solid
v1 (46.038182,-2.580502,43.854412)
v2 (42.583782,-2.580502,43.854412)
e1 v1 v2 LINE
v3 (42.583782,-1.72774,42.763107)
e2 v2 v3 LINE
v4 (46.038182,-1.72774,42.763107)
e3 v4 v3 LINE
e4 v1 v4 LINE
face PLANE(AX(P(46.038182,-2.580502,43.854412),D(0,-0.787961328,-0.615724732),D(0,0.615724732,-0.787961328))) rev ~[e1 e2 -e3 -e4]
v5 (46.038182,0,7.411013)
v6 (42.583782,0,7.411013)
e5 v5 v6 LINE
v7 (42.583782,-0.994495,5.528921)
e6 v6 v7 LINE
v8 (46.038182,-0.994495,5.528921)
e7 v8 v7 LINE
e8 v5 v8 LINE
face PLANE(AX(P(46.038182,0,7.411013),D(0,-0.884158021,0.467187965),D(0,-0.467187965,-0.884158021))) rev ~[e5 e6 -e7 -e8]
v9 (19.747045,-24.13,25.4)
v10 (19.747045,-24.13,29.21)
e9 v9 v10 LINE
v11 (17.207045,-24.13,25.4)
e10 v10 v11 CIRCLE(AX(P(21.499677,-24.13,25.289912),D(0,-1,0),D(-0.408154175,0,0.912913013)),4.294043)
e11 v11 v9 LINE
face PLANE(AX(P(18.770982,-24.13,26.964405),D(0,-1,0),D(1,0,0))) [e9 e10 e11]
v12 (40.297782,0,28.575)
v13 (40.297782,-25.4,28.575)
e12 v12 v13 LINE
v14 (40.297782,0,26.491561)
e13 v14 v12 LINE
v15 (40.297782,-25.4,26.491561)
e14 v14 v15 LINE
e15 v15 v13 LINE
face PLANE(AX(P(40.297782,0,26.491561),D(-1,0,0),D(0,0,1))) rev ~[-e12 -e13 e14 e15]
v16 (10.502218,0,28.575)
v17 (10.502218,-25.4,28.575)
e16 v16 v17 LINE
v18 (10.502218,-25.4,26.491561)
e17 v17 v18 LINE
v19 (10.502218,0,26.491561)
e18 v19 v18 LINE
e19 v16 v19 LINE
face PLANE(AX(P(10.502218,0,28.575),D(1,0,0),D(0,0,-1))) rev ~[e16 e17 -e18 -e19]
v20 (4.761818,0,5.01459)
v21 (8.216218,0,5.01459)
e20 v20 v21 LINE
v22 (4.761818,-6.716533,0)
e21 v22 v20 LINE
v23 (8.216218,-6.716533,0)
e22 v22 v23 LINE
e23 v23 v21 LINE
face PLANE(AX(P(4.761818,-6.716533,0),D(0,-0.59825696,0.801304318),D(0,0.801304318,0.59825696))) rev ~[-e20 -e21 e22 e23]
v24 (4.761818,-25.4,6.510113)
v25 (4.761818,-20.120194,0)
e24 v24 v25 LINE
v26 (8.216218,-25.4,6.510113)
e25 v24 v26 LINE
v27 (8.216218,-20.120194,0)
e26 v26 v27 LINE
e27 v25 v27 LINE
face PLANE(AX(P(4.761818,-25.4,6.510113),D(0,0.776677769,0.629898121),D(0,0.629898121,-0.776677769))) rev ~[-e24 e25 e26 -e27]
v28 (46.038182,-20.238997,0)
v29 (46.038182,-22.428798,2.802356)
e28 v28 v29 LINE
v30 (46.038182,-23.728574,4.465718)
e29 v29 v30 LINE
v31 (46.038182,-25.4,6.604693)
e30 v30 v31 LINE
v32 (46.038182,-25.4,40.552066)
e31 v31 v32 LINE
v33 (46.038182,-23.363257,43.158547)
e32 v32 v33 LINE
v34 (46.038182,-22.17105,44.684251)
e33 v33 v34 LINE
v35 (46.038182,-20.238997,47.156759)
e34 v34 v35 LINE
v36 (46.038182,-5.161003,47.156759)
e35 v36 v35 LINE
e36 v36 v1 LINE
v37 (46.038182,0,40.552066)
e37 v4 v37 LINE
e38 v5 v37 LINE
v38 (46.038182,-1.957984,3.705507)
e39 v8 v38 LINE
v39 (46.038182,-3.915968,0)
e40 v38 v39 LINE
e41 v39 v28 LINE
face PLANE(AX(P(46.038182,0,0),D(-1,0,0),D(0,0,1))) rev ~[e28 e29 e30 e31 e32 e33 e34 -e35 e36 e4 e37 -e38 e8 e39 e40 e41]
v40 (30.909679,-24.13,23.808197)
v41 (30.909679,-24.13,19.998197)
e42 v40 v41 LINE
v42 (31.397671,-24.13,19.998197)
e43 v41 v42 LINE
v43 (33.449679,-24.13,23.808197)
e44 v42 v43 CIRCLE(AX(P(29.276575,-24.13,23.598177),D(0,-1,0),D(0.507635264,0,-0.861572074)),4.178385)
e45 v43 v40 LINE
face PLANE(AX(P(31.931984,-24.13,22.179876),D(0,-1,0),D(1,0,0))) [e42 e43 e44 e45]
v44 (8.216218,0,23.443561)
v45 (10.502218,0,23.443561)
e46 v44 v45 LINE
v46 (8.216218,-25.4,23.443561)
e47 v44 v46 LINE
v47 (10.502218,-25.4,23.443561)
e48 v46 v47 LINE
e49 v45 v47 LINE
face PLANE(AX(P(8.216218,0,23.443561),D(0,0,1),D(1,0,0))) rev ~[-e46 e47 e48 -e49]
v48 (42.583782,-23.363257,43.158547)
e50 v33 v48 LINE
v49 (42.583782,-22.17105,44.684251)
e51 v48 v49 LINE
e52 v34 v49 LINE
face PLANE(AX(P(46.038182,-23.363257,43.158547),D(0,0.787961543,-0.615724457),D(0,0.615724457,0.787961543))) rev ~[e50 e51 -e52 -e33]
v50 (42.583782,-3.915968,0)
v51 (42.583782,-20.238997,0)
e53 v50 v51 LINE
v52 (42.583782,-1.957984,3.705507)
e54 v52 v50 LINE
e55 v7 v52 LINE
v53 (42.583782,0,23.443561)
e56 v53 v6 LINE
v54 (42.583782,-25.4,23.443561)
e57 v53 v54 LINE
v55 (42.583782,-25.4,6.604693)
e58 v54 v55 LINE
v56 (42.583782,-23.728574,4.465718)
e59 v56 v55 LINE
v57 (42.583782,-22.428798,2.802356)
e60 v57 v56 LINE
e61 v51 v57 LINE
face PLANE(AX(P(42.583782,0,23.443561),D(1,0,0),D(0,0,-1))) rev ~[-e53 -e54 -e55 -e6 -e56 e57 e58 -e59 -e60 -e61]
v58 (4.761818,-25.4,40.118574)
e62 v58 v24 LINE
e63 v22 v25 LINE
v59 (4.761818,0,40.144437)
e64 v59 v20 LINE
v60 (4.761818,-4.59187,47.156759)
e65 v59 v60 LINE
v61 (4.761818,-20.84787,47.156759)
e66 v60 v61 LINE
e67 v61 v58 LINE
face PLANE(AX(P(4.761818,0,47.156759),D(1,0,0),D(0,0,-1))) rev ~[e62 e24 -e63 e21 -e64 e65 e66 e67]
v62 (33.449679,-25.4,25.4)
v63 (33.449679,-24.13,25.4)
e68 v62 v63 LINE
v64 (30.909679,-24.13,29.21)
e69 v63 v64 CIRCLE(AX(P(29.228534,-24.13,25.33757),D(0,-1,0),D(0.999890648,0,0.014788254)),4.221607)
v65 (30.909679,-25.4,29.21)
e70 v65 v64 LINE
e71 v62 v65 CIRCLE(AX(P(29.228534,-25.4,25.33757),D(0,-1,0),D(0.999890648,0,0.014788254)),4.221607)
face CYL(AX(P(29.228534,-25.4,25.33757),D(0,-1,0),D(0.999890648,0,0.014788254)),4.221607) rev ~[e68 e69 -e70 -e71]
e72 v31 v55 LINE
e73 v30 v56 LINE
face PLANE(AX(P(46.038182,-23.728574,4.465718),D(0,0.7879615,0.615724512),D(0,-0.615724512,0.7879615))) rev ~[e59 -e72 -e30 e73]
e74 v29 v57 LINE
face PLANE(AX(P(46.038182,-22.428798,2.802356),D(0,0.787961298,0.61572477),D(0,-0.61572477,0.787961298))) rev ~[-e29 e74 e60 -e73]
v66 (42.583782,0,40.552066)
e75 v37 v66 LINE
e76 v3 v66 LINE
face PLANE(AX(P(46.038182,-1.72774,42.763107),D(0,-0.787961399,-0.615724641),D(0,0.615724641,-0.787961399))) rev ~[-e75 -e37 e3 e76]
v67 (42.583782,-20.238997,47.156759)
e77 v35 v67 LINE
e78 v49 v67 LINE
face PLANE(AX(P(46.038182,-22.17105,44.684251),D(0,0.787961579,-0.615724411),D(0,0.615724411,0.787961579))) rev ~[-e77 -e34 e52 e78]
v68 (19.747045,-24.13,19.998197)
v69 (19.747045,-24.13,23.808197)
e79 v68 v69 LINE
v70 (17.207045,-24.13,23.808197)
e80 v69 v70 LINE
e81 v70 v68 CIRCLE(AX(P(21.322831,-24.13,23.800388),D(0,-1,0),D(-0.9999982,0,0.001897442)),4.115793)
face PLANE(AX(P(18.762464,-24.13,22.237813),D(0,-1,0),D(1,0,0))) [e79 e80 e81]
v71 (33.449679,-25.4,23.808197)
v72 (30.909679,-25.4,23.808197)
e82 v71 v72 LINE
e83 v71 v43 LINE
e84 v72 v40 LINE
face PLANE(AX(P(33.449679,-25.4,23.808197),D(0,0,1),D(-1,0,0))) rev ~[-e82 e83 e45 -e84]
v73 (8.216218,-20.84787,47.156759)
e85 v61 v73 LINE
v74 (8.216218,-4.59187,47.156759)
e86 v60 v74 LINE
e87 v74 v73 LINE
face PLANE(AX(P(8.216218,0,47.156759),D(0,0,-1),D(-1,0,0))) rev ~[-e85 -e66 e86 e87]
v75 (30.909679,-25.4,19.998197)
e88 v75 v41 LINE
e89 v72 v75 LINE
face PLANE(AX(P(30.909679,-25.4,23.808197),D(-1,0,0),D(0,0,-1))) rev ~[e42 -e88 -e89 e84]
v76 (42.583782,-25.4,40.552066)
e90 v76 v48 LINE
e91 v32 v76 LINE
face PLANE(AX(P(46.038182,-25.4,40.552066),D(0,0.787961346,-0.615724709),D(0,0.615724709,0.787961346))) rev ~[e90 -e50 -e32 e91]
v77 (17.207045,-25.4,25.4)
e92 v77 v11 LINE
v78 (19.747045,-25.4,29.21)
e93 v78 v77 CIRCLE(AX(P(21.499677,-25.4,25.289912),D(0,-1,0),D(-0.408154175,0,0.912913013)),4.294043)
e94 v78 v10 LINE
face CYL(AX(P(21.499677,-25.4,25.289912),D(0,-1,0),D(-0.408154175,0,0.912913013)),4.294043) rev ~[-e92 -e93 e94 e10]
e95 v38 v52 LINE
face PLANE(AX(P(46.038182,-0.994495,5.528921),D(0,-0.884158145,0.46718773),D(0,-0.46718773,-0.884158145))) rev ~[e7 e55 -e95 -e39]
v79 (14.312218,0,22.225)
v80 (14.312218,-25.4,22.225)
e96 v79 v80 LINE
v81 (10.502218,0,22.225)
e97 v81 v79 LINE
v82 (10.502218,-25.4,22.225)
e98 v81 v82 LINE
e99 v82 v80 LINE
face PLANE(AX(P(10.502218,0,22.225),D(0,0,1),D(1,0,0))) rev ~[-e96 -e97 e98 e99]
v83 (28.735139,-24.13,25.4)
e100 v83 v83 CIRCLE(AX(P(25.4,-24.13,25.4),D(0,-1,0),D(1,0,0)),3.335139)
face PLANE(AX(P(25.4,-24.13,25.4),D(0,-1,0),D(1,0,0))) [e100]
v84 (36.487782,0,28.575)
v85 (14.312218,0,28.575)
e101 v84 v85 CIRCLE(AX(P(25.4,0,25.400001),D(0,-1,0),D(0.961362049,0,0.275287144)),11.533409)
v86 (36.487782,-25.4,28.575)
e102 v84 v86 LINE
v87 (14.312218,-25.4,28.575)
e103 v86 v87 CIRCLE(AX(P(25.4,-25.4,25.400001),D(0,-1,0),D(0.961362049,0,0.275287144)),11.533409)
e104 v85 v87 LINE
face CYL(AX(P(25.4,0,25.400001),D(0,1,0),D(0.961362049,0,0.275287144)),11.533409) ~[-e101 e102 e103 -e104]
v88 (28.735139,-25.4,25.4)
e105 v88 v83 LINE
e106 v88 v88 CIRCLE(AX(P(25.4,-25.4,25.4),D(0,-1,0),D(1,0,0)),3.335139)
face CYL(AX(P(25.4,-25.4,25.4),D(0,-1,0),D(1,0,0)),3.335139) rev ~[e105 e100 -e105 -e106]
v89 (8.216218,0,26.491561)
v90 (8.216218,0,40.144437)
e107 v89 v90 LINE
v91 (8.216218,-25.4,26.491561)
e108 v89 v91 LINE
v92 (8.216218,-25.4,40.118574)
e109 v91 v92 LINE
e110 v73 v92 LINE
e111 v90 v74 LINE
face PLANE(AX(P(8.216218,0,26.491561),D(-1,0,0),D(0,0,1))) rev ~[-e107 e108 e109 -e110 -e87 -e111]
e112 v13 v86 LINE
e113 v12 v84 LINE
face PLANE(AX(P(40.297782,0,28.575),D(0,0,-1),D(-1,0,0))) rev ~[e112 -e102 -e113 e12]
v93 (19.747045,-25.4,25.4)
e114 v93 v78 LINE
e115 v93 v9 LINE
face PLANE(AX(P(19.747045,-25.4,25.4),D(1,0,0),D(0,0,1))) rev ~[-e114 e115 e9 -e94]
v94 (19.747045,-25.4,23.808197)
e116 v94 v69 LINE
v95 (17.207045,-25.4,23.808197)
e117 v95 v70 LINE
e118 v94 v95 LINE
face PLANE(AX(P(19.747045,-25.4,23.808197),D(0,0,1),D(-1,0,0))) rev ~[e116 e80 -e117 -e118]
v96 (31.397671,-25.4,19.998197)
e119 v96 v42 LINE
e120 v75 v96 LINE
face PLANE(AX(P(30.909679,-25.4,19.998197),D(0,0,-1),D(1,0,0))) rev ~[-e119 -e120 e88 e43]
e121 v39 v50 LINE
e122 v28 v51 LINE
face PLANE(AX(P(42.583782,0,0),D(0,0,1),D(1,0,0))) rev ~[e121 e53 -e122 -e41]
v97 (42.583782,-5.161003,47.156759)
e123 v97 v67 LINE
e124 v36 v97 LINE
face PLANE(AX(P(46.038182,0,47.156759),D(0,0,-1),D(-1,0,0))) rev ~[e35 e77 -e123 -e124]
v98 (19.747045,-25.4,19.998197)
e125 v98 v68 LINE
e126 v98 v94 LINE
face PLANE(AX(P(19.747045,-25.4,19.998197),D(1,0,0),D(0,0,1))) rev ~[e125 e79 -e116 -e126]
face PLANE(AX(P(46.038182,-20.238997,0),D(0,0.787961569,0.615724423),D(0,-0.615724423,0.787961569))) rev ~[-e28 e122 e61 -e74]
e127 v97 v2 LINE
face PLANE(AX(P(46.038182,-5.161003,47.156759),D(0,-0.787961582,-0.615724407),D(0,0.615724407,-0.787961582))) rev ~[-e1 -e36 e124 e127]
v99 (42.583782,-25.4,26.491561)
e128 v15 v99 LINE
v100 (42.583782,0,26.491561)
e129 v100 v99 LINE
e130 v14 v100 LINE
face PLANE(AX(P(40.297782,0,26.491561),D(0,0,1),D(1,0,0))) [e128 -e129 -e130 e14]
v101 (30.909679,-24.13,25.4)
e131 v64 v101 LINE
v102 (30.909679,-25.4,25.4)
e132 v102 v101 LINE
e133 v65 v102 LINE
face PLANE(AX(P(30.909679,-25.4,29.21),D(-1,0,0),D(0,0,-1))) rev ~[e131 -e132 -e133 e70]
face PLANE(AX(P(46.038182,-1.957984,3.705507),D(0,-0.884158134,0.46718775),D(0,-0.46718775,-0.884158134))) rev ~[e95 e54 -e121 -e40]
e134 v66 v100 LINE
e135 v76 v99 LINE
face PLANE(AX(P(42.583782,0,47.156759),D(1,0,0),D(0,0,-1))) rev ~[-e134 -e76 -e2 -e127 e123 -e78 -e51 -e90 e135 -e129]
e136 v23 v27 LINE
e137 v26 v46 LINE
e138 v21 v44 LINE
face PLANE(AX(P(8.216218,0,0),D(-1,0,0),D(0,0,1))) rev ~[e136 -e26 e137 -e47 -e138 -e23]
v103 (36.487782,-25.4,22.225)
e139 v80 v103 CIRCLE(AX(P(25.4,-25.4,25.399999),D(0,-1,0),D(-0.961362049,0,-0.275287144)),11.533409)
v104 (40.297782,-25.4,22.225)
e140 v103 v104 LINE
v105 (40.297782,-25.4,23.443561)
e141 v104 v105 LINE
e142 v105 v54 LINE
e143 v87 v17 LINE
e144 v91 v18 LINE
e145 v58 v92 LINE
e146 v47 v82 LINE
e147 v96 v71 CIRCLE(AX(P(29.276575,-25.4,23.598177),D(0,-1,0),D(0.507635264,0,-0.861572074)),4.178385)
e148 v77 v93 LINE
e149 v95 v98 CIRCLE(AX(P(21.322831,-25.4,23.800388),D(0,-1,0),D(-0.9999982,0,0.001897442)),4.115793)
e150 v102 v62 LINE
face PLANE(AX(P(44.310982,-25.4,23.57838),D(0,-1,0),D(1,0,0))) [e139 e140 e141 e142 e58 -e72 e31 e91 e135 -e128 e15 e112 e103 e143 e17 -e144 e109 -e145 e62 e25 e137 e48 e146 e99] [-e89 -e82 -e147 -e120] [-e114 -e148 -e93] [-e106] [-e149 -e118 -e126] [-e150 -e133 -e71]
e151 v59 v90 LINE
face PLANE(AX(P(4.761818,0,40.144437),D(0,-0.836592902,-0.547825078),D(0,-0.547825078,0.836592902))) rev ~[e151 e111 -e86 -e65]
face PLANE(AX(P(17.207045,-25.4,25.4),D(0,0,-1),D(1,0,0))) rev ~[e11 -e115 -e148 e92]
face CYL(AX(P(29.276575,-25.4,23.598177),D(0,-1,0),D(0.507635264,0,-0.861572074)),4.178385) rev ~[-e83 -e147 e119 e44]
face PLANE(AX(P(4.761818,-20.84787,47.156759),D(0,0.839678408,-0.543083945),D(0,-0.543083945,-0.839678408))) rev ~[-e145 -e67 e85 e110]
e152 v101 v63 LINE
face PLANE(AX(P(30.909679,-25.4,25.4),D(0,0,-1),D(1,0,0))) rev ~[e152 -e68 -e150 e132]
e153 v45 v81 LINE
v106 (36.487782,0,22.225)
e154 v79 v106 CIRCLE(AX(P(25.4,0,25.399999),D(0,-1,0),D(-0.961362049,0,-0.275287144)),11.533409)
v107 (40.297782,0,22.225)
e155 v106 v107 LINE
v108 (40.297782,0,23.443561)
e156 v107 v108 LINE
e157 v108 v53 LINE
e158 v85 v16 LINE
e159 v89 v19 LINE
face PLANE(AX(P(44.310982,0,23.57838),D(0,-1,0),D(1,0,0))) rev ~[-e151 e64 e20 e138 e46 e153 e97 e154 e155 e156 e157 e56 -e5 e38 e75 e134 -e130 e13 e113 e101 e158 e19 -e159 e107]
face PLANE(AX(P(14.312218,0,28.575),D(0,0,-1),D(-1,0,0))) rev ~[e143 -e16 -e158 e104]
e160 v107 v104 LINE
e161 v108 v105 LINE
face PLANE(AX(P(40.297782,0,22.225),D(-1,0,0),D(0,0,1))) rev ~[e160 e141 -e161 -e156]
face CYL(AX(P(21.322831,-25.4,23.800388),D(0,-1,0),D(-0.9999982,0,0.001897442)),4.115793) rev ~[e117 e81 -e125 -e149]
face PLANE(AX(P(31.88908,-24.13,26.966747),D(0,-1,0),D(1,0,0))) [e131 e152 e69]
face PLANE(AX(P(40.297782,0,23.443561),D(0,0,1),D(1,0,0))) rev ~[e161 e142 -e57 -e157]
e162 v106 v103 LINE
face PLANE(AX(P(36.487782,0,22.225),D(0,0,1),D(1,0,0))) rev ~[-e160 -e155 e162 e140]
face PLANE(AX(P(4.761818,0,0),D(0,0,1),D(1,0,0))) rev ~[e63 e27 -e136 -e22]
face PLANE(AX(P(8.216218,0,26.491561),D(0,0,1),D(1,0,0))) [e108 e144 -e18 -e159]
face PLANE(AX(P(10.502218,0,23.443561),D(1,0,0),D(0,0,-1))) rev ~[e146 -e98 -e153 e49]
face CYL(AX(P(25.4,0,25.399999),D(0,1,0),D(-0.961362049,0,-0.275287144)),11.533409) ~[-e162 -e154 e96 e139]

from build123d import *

# Parameters (mm, degrees)
F0_W     = 2.286
F0_H     = 3.048
F1_DEPTH = 25.4
F3_DEPTH = 12.7
F5_DEPTH = 12.7
F6_R     = 3.335139
F7_DEPTH = 1.27


with BuildPart() as f1:
    # F0 (on Front) → F1 (new body)
    with BuildSketch(Plane.XZ):
        Polygon((42.583782, 23.443561), (42.583782, 0), (46.038182, 0), (46.038182, 47.156759), (42.583782, 47.156759), (42.583782, 26.491561), align=None)
        Polygon((4.761818, 47.156759), (4.761818, 0), (8.216218, 0), (8.216218, 23.443561), (8.216218, 26.491561), (8.216218, 47.156759), align=None)
        with BuildLine():
            ThreePointArc((14.312218, 28.575), (13.86659, 25.4), (14.312218, 22.225))
            ThreePointArc((14.312218, 22.225), (25.4, 13.86659), (36.487782, 22.225))
            ThreePointArc((36.487782, 22.225), (36.82146, 23.79694), (36.93341, 25.4))
            ThreePointArc((36.93341, 25.4), (36.82146, 27.00306), (36.487782, 28.575))
            ThreePointArc((36.487782, 28.575), (25.4, 36.93341), (14.312218, 28.575))
        make_face()
        with Locations((9.359218, 24.967561)):
            Rectangle(F0_W, F0_H)
        with BuildLine():
            Line((10.502218, 26.491561), (10.502218, 23.443561))
            Line((10.502218, 23.443561), (10.502218, 22.225))
            Line((10.502218, 22.225), (14.312218, 22.225))
            ThreePointArc((14.312218, 22.225), (13.86659, 25.4), (14.312218, 28.575))
            Line((14.312218, 28.575), (10.502218, 28.575))
            Line((10.502218, 28.575), (10.502218, 26.491561))
        make_face()
        with BuildLine():
            Line((40.297782, 22.225), (40.297782, 23.443561))
            Line((40.297782, 23.443561), (40.297782, 26.491561))
            Line((40.297782, 26.491561), (40.297782, 28.575))
            Line((40.297782, 28.575), (36.487782, 28.575))
            ThreePointArc((36.487782, 28.575), (36.82146, 27.00306), (36.93341, 25.4))
            ThreePointArc((36.93341, 25.4), (36.82146, 23.79694), (36.487782, 22.225))
            Line((36.487782, 22.225), (40.297782, 22.225))
        make_face()
        with Locations((41.440782, 24.967561)):
            Rectangle(F0_W, F0_H)
    extrude(amount=F1_DEPTH)

    # F2 (on face) → F3 (cut)
    with BuildSketch(Plane.YZ.offset(46.038182)):
        Polygon((-25.4, 47.156759), (-25.4, 40.552066), (-23.363257, 43.158547), (-22.17105, 44.684251), (-20.238997, 47.156759), align=None)
        Polygon((0, 47.156759), (-5.161003, 47.156759), (-2.580502, 43.854412), (-1.72774, 42.763107), (0, 40.552066), align=None)
        Polygon((-1.957984, 3.705507), (-3.915968, 0), (0, 0), (0, 7.411013), (-0.994495, 5.528921), align=None)
        Polygon((-23.728574, 4.465718), (-25.4, 6.604693), (-25.4, 0), (-20.238997, 0), (-22.428798, 2.802356), align=None)
    extrude(amount=-F3_DEPTH, mode=Mode.SUBTRACT)

    # F4 (on face) → F5 (cut)
    with BuildSketch(Plane(origin=(4.761818, 0, 0), x_dir=(0, -1, 0), z_dir=(-1, 0, 0))):
        Polygon((0, 47.156759), (0, 40.144437), (4.59187, 47.156759), align=None)
        Polygon((25.4, 47.156759), (20.84787, 47.156759), (25.4, 40.118574), align=None)
        Polygon((25.4, 6.510113), (20.120194, 0), (25.4, 0), align=None)
        Polygon((6.716533, 0), (0, 5.01459), (0, 0), align=None)
    extrude(amount=-F5_DEPTH, mode=Mode.SUBTRACT)

    # F6 (on face) → F7 (cut)
    with BuildSketch(Plane.XZ.offset(25.4)):
        with Locations((25.4, 25.4)):
            Circle(F6_R)
        with BuildLine():
            ThreePointArc((19.747045, 29.21), (17.926817, 27.671819), (17.207045, 25.4))
            Line((17.207045, 25.4), (19.747045, 25.4))
            Line((19.747045, 25.4), (19.747045, 29.21))
        make_face()
        with BuildLine():
            Line((30.909679, 29.21), (30.909679, 25.4))
            Line((30.909679, 25.4), (33.449679, 25.4))
            ThreePointArc((33.449679, 25.4), (32.741123, 27.679296), (30.909679, 29.21))
        make_face()
        with BuildLine():
            Line((19.747045, 19.998197), (19.747045, 23.808197))
            Line((19.747045, 23.808197), (17.207045, 23.808197))
            ThreePointArc((17.207045, 23.808197), (17.898284, 21.517356), (19.747045, 19.998197))
        make_face()
        with BuildLine():
            Line((33.449679, 23.808197), (30.909679, 23.808197))
            Line((30.909679, 23.808197), (30.909679, 19.998197))
            Line((30.909679, 19.998197), (31.397671, 19.998197))
            ThreePointArc((31.397671, 19.998197), (32.955333, 21.616853), (33.449679, 23.808197))
        make_face()
    extrude(amount=-F7_DEPTH, mode=Mode.SUBTRACT)


solid = f1.part
